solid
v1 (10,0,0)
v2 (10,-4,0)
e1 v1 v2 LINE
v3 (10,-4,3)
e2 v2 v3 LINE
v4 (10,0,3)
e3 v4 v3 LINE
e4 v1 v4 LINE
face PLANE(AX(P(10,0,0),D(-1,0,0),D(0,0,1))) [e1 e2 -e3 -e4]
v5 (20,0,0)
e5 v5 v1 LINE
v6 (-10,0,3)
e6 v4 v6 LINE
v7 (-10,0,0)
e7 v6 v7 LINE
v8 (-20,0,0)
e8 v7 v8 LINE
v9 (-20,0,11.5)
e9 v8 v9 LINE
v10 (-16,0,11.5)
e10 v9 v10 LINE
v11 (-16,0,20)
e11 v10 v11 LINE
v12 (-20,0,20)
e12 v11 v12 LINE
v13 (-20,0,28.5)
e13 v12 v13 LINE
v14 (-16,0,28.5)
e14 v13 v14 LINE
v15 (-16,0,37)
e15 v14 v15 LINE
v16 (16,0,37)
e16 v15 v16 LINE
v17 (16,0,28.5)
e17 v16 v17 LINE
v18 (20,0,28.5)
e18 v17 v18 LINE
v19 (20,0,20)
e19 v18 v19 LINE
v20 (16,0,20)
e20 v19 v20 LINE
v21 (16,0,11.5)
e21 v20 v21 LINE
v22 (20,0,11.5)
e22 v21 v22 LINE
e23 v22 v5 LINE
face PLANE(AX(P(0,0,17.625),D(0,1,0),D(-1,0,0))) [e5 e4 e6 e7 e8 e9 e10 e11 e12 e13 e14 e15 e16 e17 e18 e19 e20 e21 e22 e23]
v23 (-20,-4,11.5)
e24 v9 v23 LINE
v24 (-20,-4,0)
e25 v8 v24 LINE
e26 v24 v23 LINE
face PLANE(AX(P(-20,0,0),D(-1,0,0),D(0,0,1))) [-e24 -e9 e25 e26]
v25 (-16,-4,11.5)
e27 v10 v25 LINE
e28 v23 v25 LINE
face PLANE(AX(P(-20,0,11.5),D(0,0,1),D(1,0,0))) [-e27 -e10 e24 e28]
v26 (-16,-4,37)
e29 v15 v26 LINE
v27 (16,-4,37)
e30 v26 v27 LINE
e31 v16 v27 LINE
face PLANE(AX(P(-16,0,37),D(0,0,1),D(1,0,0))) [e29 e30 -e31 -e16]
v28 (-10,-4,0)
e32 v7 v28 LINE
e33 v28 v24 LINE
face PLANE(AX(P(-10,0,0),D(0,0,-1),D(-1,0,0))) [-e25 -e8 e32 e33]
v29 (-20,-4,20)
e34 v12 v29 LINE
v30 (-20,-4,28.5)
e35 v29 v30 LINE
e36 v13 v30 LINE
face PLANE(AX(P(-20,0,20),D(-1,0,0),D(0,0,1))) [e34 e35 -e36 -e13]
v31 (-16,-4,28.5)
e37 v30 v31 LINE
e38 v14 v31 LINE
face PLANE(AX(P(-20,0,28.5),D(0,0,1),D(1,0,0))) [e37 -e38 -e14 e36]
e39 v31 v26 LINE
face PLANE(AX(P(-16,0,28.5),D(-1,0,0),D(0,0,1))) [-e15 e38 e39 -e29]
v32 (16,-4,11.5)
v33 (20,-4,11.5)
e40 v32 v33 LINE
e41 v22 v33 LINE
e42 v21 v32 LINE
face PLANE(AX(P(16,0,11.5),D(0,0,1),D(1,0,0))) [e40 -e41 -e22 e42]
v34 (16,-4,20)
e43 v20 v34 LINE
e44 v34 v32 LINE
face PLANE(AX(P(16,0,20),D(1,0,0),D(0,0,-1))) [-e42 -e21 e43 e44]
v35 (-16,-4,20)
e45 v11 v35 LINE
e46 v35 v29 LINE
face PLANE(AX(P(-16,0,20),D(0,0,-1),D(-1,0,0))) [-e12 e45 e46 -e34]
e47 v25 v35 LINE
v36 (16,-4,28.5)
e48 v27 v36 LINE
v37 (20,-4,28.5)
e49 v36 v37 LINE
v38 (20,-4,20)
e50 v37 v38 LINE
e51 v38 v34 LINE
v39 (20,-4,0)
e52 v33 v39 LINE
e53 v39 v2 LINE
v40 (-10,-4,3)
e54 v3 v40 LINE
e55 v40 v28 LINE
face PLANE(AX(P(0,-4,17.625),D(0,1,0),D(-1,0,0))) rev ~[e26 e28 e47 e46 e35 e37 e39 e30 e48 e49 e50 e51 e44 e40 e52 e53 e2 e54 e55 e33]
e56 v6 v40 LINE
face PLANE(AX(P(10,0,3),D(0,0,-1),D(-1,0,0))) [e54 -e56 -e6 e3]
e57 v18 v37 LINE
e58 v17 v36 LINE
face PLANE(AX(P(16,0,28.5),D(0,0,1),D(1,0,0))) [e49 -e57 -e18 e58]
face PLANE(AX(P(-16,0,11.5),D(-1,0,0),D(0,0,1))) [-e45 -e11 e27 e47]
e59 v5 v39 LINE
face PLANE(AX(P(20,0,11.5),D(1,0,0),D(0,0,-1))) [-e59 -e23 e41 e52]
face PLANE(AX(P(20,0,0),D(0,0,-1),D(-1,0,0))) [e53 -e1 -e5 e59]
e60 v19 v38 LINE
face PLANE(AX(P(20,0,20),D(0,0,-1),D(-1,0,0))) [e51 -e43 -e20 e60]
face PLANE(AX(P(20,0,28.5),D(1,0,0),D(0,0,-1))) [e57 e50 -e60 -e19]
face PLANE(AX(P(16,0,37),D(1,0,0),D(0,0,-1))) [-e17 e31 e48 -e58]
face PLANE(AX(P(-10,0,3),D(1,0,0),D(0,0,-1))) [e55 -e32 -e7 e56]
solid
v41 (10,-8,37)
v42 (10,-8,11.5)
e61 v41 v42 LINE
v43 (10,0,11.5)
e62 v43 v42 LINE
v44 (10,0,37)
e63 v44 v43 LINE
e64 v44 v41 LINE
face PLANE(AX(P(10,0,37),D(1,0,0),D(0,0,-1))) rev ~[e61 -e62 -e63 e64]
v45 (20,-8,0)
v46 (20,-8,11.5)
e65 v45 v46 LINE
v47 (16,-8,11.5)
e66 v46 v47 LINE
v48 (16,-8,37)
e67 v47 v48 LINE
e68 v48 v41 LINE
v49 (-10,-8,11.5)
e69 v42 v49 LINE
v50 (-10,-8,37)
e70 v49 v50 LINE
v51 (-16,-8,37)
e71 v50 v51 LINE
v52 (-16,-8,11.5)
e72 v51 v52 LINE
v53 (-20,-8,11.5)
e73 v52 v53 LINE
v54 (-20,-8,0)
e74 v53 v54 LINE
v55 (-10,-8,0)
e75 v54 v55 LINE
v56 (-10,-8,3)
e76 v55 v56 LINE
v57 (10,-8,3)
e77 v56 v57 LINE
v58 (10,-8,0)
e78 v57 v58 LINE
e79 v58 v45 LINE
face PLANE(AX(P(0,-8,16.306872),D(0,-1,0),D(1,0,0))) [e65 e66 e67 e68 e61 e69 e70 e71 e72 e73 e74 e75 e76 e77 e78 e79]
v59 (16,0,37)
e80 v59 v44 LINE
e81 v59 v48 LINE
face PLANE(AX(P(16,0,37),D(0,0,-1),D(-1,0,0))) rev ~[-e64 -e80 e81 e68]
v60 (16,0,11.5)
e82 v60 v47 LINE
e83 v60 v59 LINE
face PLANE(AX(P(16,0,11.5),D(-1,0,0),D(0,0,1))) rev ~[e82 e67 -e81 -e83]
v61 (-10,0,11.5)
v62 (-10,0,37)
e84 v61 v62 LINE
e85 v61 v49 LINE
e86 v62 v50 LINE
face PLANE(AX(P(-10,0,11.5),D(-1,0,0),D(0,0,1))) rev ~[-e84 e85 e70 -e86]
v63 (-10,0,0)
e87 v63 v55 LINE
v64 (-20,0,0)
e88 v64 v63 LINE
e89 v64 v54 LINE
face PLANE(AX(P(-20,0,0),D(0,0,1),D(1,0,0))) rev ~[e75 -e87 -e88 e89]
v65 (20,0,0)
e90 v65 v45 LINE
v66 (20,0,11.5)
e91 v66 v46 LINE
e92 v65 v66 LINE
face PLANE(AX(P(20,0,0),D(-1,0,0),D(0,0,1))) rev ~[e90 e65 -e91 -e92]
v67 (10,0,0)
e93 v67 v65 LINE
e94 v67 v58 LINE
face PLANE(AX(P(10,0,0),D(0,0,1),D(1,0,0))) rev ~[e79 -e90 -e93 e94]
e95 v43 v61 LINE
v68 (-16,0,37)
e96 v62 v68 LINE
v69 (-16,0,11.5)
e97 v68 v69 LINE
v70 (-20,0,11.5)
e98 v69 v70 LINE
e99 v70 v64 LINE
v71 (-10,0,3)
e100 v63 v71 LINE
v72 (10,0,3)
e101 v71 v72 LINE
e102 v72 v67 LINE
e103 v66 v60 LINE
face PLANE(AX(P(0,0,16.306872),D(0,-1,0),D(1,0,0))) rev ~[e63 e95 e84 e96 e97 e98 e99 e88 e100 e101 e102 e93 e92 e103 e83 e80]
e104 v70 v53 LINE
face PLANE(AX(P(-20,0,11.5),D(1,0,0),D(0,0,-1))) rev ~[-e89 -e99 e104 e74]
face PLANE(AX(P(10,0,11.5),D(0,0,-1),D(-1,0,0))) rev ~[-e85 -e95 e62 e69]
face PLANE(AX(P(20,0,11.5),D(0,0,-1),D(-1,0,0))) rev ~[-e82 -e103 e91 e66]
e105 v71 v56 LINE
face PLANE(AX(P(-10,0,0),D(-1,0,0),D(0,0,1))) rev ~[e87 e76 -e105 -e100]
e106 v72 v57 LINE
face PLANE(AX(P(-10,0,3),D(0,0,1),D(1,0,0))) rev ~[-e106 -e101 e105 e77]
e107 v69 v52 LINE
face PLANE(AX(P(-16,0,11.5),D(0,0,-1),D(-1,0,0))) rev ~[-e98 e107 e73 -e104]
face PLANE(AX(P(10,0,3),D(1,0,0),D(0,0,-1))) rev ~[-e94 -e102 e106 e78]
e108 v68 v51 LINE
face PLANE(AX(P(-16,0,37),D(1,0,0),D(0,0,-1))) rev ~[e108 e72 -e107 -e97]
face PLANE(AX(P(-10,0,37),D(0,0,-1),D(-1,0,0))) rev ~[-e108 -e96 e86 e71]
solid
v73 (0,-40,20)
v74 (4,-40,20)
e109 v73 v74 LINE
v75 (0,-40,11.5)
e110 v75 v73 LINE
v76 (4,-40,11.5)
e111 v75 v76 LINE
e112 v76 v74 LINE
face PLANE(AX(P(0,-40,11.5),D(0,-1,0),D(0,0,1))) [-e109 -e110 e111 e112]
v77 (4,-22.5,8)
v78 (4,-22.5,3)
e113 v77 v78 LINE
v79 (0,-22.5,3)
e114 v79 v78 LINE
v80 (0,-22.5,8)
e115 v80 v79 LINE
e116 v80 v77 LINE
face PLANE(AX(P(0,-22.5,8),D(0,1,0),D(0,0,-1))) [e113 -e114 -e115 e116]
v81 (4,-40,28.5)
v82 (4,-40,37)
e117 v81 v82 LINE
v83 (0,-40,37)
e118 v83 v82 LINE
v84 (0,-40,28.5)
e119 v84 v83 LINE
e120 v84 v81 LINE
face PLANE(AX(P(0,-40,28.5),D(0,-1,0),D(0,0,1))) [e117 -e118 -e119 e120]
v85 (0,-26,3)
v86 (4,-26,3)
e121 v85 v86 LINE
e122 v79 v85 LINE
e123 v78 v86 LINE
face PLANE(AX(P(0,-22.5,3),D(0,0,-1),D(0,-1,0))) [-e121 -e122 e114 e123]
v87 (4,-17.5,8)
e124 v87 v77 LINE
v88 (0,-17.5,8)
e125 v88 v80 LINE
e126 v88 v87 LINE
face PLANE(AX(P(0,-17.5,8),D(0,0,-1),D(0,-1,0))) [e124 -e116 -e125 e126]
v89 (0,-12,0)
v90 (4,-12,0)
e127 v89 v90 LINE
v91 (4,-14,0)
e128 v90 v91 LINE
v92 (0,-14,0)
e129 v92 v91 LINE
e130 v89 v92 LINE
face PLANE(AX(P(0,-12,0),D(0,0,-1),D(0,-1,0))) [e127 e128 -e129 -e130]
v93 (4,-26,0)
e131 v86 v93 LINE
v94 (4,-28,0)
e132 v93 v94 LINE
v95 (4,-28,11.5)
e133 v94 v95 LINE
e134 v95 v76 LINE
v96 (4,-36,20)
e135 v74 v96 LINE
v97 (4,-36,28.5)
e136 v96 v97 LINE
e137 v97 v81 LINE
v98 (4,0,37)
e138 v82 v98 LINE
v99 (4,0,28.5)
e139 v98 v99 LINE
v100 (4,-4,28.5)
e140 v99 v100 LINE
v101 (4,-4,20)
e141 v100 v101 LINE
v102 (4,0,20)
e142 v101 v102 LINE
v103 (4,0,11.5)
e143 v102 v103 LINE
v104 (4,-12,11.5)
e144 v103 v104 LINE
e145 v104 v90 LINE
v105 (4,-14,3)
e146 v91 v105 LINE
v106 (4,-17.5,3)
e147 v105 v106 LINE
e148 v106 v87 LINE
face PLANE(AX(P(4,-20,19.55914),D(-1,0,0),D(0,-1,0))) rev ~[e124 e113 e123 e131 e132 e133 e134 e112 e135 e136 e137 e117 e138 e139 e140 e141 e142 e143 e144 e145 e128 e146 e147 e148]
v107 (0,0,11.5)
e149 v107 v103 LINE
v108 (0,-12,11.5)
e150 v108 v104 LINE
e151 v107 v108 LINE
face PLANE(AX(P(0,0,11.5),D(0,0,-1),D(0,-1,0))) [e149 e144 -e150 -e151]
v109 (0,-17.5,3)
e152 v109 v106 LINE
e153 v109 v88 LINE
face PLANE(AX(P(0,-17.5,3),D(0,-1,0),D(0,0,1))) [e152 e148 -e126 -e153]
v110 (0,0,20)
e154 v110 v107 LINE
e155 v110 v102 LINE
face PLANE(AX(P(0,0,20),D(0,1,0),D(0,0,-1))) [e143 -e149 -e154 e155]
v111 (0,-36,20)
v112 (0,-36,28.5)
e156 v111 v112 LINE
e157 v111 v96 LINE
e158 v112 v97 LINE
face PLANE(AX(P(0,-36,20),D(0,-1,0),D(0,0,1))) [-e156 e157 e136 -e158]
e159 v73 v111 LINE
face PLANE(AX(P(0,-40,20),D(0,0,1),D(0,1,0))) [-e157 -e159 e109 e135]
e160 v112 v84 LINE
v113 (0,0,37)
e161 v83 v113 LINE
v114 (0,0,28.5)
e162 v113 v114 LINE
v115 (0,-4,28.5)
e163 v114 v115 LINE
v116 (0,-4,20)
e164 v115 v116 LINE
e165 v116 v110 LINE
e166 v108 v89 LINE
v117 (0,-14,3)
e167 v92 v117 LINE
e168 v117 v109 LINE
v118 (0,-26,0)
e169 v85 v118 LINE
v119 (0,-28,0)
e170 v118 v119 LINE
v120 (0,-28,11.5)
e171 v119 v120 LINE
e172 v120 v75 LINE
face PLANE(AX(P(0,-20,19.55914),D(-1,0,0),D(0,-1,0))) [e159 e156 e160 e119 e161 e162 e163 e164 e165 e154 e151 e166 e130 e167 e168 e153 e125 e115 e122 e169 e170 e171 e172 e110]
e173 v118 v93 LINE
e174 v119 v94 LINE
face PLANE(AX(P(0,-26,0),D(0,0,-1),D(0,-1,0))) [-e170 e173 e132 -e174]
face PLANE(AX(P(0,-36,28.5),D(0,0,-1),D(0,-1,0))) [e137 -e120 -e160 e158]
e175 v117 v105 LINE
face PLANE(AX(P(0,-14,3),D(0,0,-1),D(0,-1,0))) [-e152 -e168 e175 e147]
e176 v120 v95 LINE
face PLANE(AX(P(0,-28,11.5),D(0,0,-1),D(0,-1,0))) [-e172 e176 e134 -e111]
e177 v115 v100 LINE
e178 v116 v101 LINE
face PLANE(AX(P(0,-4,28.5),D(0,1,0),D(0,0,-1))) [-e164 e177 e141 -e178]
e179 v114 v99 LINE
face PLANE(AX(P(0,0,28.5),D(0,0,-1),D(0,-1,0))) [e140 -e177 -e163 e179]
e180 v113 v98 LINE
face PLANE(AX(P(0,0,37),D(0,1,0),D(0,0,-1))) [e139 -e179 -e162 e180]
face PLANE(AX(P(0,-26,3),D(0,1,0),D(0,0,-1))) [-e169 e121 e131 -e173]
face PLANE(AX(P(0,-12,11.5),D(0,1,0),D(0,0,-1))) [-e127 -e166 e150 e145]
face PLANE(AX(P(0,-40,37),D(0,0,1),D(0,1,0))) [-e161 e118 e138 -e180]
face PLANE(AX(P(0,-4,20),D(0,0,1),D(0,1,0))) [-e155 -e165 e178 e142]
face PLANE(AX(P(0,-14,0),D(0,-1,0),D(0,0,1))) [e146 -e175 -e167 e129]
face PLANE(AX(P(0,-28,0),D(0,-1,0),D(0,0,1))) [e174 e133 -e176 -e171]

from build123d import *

# Parameters (mm, degrees)
PAD_DEPTH    = 4
PAD001_DEPTH = 4
PAD002_DEPTH = 8


with BuildPart() as frontwall:
    # Sketch → Pad (new body)
    with BuildSketch(Plane.XZ):
        Polygon((-16, 37), (16, 37), (16, 28.5), (20, 28.5), (20, 20), (16, 20), (16, 11.5), (20, 11.5), (20, 0), (10, 0), (10, 3), (-10, 3), (-10, 0), (-20, 0), (-20, 11.5), (-16, 11.5), (-16, 20), (-20, 20), (-20, 28.5), (-16, 28.5), align=None)
    extrude(amount=PAD_DEPTH)


with BuildPart() as sidewall:
    # Sketch001 → Pad001 (new body)
    with BuildSketch(Plane.YZ):
        Polygon((0, 37), (0, 28.5), (-4, 28.5), (-4, 20), (0, 20), (0, 11.5), (-12, 11.5), (-12, 0), (-14, 0), (-14, 3), (-17.5, 3), (-17.5, 8), (-22.5, 8), (-22.5, 3), (-26, 3), (-26, 0), (-28, 0), (-28, 11.5), (-40, 11.5), (-40, 20), (-36, 20), (-36, 28.5), (-40, 28.5), (-40, 37), align=None)
    extrude(amount=PAD001_DEPTH)


with BuildPart() as support:
    # Sketch002 → Pad002 (new body)
    with BuildSketch(Plane.XZ):
        Polygon((-20, 11.5), (-20, 0), (-10, 0), (-10, 3), (10, 3), (10, 0), (20, 0), (20, 11.5), (16, 11.5), (16, 37), (10, 37), (10, 11.5), (-10, 11.5), (-10, 37), (-16, 37), (-16, 11.5), align=None)
    extrude(amount=PAD002_DEPTH)


solid = Compound([frontwall.part, sidewall.part, support.part])
